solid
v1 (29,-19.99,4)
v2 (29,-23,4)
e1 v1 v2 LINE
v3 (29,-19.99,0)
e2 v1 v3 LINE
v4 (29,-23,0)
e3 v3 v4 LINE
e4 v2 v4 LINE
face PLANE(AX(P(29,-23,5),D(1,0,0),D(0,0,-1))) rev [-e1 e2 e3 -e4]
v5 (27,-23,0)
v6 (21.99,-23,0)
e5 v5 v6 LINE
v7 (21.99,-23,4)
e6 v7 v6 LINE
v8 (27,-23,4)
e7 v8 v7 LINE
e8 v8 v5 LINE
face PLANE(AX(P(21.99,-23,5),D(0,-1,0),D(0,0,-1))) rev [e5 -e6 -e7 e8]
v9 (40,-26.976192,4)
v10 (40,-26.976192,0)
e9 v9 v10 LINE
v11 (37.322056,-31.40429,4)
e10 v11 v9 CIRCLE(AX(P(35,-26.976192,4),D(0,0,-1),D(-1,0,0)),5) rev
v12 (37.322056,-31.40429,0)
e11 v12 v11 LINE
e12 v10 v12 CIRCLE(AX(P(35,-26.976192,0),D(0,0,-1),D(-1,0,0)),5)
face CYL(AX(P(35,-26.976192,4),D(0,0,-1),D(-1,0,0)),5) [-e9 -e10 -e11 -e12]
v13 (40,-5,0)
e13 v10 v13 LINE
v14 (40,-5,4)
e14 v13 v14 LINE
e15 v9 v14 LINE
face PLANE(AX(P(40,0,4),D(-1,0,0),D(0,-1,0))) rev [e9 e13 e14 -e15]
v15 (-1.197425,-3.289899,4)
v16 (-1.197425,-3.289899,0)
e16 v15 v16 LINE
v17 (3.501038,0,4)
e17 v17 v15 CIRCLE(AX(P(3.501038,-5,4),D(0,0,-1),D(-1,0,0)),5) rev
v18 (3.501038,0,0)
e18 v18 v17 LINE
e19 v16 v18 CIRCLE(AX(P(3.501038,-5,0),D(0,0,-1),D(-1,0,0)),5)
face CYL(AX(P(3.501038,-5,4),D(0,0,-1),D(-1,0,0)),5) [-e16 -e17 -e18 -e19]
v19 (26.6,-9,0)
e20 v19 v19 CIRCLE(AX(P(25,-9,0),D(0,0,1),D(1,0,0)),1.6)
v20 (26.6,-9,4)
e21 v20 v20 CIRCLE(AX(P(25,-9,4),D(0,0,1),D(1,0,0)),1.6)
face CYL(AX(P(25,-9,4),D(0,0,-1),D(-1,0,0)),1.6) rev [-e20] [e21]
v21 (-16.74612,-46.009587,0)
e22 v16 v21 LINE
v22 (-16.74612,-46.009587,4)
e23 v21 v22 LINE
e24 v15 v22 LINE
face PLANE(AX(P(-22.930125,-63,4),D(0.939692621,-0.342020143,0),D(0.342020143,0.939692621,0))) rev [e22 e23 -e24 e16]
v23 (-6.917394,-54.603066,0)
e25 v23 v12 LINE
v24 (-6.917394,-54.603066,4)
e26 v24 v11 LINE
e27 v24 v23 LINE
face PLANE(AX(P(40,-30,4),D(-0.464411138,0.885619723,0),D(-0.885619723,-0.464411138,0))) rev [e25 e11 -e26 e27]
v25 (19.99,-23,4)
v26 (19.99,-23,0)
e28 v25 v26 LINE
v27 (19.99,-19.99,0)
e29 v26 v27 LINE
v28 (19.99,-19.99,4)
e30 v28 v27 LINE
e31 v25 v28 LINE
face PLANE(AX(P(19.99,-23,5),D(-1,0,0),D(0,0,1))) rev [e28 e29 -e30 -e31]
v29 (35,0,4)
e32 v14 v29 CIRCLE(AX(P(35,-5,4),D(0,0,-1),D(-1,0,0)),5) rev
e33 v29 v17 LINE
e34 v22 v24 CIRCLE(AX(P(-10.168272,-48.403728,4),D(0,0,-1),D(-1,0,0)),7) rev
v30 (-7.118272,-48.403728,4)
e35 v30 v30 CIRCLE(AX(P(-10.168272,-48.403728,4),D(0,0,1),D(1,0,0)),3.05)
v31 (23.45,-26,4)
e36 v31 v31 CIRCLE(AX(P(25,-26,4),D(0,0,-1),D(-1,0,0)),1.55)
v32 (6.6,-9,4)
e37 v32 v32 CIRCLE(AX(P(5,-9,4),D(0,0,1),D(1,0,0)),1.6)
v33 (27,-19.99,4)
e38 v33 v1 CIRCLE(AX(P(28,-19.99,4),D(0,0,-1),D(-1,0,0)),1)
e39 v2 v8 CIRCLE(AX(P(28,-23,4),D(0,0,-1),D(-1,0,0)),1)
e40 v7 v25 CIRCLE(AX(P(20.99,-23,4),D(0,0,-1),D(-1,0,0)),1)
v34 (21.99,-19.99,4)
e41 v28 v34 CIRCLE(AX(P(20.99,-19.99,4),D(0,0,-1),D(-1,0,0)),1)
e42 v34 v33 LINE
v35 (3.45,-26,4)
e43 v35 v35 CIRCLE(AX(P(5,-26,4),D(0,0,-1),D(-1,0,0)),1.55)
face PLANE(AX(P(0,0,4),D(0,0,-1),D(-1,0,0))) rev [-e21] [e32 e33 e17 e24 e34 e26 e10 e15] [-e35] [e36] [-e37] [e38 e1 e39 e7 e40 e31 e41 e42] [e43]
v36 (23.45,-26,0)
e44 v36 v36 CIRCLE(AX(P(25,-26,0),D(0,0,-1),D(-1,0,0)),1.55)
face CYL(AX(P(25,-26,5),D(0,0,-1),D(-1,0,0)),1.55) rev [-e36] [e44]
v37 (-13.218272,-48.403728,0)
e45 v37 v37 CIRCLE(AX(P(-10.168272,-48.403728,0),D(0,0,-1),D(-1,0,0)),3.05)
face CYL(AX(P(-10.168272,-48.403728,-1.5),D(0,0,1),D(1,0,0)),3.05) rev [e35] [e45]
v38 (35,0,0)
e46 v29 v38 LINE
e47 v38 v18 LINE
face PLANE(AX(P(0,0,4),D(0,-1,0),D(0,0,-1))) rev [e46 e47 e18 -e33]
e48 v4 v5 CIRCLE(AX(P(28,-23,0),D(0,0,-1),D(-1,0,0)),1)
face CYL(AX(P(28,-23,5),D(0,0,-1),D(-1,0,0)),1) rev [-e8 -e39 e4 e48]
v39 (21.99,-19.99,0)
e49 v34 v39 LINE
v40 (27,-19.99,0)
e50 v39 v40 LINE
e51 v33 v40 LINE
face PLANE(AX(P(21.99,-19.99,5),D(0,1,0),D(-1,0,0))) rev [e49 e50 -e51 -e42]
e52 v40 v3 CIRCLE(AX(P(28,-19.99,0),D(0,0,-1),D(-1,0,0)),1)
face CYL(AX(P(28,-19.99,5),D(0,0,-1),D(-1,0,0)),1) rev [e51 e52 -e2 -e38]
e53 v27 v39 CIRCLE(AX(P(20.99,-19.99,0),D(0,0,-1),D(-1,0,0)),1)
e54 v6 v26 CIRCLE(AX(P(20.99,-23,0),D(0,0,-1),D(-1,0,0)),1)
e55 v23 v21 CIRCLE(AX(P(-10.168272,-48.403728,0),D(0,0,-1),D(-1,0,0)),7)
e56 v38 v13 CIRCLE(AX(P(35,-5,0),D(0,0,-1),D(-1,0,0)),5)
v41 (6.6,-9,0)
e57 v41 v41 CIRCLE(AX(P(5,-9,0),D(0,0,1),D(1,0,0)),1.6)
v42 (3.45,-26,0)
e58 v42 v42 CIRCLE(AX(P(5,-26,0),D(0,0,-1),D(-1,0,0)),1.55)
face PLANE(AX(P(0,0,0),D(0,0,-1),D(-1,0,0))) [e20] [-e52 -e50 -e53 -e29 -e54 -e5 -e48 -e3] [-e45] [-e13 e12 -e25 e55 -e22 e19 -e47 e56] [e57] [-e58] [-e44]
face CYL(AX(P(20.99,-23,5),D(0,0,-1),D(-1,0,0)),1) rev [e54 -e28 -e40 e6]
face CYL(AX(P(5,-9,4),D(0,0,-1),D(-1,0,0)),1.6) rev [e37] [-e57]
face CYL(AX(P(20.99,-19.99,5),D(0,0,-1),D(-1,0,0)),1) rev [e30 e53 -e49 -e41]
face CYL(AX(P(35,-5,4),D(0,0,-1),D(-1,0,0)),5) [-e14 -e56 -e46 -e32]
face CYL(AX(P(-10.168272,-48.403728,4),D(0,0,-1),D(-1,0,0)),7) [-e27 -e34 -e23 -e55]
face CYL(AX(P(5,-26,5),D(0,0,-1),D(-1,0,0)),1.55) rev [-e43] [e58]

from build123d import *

# Parameters (mm, degrees)
SKETCH_1_R          = 1.6
EXTRUDE_1_DEPTH     = 4
FILLET_1_R          = 7
SKETCH_2_R          = 3.05
CUT_EXTRUDE_1_DEPTH = 5.5
FILLET_2_R          = 5
SKETCH_4_R          = 1.55
CUT_EXTRUDE_3_DEPTH = 5


with BuildPart() as part:
    # 草图1 → 凸台-拉伸1 (new body)
    with BuildSketch(Plane.XY):
        Polygon((0, 0), (40, 0), (40, -30), (-22.930124759, -63), align=None)
        with Locations((5, -9)):
            Circle(SKETCH_1_R, mode=Mode.SUBTRACT)
        with Locations((25, -9)):
            Circle(SKETCH_1_R, mode=Mode.SUBTRACT)
    extrude(amount=EXTRUDE_1_DEPTH)

    # 圆角1
    fillet_1_edges = [part.edges().sort_by_distance(p)[0] for p in [
        (-22.930124759, -63, 2),
    ]]
    fillet(fillet_1_edges, radius=FILLET_1_R)

    # 草图2 → 切除-拉伸1 (cut)
    with BuildSketch(Plane.XY.offset(4)):
        with Locations((-10.168271669, -48.403727607)):
            Circle(SKETCH_2_R)
    extrude(amount=-CUT_EXTRUDE_1_DEPTH, mode=Mode.SUBTRACT)

    # 圆角2
    fillet_2_edges = [part.edges().sort_by_distance(p)[0] for p in [
        (0, 0, 2),
        (40, 0, 2),
        (40, -30, 2),
    ]]
    fillet(fillet_2_edges, radius=FILLET_2_R)

    # 草图4 → 切除-拉伸3 (cut)
    with BuildSketch(Plane(origin=(0, 0, 0), x_dir=(-1, 0, 0), z_dir=(0, 0, -1))):
        with Locations((-25, -26)):
            Circle(SKETCH_4_R)
        with Locations((-5, -26)):
            Circle(SKETCH_4_R)
        with BuildLine():
            Line((-21.99, -23), (-27, -23))
            ThreePointArc((-27, -23), (-28, -24), (-29, -23))
            Line((-29, -23), (-29, -19.99))
            ThreePointArc((-29, -19.99), (-28, -18.99), (-27, -19.99))
            Line((-27, -19.99), (-21.99, -19.99))
            ThreePointArc((-21.99, -19.99), (-20.99, -18.99), (-19.99, -19.99))
            Line((-19.99, -19.99), (-19.99, -23))
            ThreePointArc((-19.99, -23), (-20.99, -24), (-21.99, -23))
        make_face()
    extrude(amount=-CUT_EXTRUDE_3_DEPTH, mode=Mode.SUBTRACT)


solid = part.part
